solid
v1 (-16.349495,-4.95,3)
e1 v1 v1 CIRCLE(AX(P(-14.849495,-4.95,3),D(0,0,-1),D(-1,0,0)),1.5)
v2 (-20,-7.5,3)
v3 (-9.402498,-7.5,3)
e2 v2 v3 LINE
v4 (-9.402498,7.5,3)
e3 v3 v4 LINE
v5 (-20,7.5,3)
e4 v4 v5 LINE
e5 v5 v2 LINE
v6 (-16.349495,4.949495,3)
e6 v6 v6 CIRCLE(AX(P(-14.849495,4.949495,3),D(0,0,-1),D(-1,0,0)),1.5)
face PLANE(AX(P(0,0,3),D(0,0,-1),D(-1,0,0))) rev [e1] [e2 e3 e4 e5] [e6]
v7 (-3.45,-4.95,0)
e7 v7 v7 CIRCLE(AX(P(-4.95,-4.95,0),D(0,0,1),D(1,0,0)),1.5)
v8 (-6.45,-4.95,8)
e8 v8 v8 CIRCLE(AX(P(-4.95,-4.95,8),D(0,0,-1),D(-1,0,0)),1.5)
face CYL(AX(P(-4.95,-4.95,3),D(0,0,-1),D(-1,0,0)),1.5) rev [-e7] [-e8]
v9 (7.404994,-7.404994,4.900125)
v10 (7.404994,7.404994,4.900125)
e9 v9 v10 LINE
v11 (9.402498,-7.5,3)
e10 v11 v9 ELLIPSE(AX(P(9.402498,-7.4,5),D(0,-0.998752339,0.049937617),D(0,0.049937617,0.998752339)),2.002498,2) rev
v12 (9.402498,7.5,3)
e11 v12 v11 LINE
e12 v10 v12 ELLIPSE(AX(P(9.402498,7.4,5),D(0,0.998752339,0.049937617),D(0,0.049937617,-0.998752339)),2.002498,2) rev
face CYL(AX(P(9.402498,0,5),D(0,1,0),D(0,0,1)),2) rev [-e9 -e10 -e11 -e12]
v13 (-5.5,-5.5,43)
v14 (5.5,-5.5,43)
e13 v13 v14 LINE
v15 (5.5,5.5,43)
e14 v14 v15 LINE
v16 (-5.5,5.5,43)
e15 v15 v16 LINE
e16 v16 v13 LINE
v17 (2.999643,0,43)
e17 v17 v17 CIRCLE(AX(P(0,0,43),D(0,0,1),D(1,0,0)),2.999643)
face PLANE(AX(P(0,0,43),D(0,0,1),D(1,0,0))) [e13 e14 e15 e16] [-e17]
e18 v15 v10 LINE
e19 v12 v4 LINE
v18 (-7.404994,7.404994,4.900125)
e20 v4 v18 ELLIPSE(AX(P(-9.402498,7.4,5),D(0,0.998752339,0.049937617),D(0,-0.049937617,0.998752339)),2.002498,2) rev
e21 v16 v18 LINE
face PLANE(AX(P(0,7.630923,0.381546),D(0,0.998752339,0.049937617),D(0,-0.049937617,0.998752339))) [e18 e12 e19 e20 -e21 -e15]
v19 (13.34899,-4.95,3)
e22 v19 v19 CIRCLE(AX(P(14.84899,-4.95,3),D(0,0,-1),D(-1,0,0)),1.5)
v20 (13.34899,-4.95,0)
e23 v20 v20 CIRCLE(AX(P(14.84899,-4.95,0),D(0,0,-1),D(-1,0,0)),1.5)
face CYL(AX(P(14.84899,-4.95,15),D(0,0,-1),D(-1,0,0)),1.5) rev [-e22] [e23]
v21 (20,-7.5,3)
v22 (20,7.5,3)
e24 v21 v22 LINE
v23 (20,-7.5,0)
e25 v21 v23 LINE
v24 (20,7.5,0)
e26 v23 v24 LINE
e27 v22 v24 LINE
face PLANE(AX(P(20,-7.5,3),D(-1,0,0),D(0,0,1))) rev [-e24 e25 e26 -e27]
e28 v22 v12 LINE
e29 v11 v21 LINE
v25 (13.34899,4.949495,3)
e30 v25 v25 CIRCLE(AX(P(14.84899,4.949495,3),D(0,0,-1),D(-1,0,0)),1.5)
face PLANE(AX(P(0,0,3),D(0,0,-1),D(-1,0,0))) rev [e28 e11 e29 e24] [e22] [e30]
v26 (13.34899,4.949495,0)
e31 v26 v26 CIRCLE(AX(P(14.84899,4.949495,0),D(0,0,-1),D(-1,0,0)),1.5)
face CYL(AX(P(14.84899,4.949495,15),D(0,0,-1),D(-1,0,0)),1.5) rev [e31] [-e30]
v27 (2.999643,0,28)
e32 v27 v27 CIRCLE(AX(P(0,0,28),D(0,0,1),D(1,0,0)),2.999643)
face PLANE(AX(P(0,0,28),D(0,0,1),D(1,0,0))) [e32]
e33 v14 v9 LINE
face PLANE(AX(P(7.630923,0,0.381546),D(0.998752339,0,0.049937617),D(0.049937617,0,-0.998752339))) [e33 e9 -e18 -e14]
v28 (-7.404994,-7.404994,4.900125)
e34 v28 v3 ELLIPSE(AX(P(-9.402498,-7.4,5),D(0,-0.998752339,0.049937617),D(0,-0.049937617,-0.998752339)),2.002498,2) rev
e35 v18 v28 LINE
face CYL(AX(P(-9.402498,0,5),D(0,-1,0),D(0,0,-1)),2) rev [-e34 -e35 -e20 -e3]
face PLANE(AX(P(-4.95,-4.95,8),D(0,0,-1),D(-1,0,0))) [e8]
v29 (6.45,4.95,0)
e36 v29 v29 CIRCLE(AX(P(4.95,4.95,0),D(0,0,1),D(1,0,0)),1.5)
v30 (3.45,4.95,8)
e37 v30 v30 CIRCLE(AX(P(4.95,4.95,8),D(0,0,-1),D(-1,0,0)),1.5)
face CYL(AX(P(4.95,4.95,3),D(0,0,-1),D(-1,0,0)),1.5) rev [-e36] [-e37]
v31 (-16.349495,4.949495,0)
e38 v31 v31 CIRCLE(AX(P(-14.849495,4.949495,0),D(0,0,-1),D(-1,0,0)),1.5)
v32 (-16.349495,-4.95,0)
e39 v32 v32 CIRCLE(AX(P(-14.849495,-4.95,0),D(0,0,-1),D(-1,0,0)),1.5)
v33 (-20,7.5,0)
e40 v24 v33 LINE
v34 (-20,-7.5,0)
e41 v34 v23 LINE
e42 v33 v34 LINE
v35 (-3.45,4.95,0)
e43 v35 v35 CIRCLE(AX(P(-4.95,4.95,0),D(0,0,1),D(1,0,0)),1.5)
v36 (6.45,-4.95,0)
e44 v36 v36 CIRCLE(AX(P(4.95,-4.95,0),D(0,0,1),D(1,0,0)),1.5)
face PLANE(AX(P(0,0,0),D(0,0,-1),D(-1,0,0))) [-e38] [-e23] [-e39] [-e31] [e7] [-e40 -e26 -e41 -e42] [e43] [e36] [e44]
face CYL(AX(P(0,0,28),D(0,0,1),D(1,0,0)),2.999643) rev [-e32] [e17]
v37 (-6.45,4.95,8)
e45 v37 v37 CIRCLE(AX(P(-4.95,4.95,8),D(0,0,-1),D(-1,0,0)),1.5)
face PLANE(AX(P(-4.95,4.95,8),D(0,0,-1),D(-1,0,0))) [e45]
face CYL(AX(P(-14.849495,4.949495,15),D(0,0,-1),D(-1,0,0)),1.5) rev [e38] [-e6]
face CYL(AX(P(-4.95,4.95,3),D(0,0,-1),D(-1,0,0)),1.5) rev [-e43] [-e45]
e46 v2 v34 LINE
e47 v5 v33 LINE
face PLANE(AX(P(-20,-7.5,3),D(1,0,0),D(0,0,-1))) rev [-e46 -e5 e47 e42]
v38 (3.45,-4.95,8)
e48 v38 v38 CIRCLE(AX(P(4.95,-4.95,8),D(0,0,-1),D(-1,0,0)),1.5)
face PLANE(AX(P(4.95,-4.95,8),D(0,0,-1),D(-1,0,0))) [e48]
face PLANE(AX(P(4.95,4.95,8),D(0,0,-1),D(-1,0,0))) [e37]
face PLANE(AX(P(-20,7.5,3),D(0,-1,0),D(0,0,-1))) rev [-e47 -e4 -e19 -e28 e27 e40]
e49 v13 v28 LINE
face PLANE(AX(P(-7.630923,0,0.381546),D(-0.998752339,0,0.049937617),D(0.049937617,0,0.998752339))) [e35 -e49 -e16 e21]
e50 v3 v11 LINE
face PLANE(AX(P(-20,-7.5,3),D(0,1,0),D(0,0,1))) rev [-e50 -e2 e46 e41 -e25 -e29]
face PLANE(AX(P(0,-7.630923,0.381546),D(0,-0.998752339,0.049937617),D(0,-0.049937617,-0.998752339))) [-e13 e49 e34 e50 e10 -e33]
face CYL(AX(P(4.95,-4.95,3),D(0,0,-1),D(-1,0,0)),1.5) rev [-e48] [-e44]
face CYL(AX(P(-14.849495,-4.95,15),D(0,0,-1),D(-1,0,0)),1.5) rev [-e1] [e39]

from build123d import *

# Parameters (mm, degrees)
SKETCH_1_W          = 40
SKETCH_1_H          = 15
SKETCH_1_R          = 1.5
EXTRUDE_1_DEPTH     = 3
SKETCH_5_R          = 1.5
CUT_EXTRUDE_3_DEPTH = 8
SKETCH_8_R          = 2.999642866
CUT_EXTRUDE_4_DEPTH = 15
SKETCH_9_R          = 1.5
CUT_EXTRUDE_5_DEPTH = 15
FILLET_1_R          = 2


with BuildPart() as part:
    # 草图1 → 凸台-拉伸1 (new body)
    with BuildSketch(Plane.XY):
        Rectangle(SKETCH_1_W, SKETCH_1_H)
        with Locations((4.95, 4.95)):
            Circle(SKETCH_1_R, mode=Mode.SUBTRACT)
        with Locations((4.95, -4.95)):
            Circle(SKETCH_1_R, mode=Mode.SUBTRACT)
        with Locations((-4.95, -4.95)):
            Circle(SKETCH_1_R, mode=Mode.SUBTRACT)
        with Locations((-4.95, 4.95)):
            Circle(SKETCH_1_R, mode=Mode.SUBTRACT)
    extrude(amount=EXTRUDE_1_DEPTH)

    # 草图3 → 放样1 section 0
    with BuildSketch(Plane.XY.offset(43)):
        with BuildLine():
            Line((-5.5, -5.5), (5.5, -5.5))
            Line((5.5, -5.5), (5.5, 5.5))
            Line((5.5, 5.5), (-5.5, 5.5))
            Line((-5.5, 5.5), (-5.5, -5.5))
        make_face()
    # 草图2 → 放样1 section 1
    with BuildSketch(Plane.XY.offset(3)):
        with BuildLine():
            Line((-7.5, -7.5), (7.5, -7.5))
            Line((7.5, -7.5), (7.5, 7.5))
            Line((7.5, 7.5), (-7.5, 7.5))
            Line((-7.5, 7.5), (-7.5, -7.5))
        make_face()
    loft()

    # 草图5 → 切除-拉伸3 (cut)
    with BuildSketch(Plane(origin=(0, 0, 0), x_dir=(-1, 0, 0), z_dir=(0, 0, -1))):
        with Locations((4.95, -4.95)):
            Circle(SKETCH_5_R)
        with Locations((4.95, 4.95)):
            Circle(SKETCH_5_R)
        with Locations((-4.95, 4.95)):
            Circle(SKETCH_5_R)
        with Locations((-4.95, -4.95)):
            Circle(SKETCH_5_R)
    extrude(amount=-CUT_EXTRUDE_3_DEPTH, mode=Mode.SUBTRACT)

    # 草图8 → 切除-拉伸4 (cut)
    with BuildSketch(Plane.XY.offset(43)):
        Circle(SKETCH_8_R)
    extrude(amount=-CUT_EXTRUDE_4_DEPTH, mode=Mode.SUBTRACT)

    # 草图9 → 切除-拉伸5 (cut)
    with BuildSketch(Plane(origin=(0, 0, 0), x_dir=(-1, 0, 0), z_dir=(0, 0, -1))):
        with Locations((-14.848989873, -4.95)):
            Circle(SKETCH_9_R)
        with Locations((-14.848989873, 4.949494936)):
            Circle(SKETCH_9_R)
        with Locations((14.849494937, 4.949494936)):
            Circle(SKETCH_9_R)
        with Locations((14.849494937, -4.95)):
            Circle(SKETCH_9_R)
    extrude(amount=-CUT_EXTRUDE_5_DEPTH, mode=Mode.SUBTRACT)

    # 圆角1
    fillet_1_edges = [part.edges().sort_by_distance(p)[0] for p in [
        (7.5, 0, 3),
        (-7.5, 0, 3),
    ]]
    fillet(fillet_1_edges, radius=FILLET_1_R)


solid = part.part
